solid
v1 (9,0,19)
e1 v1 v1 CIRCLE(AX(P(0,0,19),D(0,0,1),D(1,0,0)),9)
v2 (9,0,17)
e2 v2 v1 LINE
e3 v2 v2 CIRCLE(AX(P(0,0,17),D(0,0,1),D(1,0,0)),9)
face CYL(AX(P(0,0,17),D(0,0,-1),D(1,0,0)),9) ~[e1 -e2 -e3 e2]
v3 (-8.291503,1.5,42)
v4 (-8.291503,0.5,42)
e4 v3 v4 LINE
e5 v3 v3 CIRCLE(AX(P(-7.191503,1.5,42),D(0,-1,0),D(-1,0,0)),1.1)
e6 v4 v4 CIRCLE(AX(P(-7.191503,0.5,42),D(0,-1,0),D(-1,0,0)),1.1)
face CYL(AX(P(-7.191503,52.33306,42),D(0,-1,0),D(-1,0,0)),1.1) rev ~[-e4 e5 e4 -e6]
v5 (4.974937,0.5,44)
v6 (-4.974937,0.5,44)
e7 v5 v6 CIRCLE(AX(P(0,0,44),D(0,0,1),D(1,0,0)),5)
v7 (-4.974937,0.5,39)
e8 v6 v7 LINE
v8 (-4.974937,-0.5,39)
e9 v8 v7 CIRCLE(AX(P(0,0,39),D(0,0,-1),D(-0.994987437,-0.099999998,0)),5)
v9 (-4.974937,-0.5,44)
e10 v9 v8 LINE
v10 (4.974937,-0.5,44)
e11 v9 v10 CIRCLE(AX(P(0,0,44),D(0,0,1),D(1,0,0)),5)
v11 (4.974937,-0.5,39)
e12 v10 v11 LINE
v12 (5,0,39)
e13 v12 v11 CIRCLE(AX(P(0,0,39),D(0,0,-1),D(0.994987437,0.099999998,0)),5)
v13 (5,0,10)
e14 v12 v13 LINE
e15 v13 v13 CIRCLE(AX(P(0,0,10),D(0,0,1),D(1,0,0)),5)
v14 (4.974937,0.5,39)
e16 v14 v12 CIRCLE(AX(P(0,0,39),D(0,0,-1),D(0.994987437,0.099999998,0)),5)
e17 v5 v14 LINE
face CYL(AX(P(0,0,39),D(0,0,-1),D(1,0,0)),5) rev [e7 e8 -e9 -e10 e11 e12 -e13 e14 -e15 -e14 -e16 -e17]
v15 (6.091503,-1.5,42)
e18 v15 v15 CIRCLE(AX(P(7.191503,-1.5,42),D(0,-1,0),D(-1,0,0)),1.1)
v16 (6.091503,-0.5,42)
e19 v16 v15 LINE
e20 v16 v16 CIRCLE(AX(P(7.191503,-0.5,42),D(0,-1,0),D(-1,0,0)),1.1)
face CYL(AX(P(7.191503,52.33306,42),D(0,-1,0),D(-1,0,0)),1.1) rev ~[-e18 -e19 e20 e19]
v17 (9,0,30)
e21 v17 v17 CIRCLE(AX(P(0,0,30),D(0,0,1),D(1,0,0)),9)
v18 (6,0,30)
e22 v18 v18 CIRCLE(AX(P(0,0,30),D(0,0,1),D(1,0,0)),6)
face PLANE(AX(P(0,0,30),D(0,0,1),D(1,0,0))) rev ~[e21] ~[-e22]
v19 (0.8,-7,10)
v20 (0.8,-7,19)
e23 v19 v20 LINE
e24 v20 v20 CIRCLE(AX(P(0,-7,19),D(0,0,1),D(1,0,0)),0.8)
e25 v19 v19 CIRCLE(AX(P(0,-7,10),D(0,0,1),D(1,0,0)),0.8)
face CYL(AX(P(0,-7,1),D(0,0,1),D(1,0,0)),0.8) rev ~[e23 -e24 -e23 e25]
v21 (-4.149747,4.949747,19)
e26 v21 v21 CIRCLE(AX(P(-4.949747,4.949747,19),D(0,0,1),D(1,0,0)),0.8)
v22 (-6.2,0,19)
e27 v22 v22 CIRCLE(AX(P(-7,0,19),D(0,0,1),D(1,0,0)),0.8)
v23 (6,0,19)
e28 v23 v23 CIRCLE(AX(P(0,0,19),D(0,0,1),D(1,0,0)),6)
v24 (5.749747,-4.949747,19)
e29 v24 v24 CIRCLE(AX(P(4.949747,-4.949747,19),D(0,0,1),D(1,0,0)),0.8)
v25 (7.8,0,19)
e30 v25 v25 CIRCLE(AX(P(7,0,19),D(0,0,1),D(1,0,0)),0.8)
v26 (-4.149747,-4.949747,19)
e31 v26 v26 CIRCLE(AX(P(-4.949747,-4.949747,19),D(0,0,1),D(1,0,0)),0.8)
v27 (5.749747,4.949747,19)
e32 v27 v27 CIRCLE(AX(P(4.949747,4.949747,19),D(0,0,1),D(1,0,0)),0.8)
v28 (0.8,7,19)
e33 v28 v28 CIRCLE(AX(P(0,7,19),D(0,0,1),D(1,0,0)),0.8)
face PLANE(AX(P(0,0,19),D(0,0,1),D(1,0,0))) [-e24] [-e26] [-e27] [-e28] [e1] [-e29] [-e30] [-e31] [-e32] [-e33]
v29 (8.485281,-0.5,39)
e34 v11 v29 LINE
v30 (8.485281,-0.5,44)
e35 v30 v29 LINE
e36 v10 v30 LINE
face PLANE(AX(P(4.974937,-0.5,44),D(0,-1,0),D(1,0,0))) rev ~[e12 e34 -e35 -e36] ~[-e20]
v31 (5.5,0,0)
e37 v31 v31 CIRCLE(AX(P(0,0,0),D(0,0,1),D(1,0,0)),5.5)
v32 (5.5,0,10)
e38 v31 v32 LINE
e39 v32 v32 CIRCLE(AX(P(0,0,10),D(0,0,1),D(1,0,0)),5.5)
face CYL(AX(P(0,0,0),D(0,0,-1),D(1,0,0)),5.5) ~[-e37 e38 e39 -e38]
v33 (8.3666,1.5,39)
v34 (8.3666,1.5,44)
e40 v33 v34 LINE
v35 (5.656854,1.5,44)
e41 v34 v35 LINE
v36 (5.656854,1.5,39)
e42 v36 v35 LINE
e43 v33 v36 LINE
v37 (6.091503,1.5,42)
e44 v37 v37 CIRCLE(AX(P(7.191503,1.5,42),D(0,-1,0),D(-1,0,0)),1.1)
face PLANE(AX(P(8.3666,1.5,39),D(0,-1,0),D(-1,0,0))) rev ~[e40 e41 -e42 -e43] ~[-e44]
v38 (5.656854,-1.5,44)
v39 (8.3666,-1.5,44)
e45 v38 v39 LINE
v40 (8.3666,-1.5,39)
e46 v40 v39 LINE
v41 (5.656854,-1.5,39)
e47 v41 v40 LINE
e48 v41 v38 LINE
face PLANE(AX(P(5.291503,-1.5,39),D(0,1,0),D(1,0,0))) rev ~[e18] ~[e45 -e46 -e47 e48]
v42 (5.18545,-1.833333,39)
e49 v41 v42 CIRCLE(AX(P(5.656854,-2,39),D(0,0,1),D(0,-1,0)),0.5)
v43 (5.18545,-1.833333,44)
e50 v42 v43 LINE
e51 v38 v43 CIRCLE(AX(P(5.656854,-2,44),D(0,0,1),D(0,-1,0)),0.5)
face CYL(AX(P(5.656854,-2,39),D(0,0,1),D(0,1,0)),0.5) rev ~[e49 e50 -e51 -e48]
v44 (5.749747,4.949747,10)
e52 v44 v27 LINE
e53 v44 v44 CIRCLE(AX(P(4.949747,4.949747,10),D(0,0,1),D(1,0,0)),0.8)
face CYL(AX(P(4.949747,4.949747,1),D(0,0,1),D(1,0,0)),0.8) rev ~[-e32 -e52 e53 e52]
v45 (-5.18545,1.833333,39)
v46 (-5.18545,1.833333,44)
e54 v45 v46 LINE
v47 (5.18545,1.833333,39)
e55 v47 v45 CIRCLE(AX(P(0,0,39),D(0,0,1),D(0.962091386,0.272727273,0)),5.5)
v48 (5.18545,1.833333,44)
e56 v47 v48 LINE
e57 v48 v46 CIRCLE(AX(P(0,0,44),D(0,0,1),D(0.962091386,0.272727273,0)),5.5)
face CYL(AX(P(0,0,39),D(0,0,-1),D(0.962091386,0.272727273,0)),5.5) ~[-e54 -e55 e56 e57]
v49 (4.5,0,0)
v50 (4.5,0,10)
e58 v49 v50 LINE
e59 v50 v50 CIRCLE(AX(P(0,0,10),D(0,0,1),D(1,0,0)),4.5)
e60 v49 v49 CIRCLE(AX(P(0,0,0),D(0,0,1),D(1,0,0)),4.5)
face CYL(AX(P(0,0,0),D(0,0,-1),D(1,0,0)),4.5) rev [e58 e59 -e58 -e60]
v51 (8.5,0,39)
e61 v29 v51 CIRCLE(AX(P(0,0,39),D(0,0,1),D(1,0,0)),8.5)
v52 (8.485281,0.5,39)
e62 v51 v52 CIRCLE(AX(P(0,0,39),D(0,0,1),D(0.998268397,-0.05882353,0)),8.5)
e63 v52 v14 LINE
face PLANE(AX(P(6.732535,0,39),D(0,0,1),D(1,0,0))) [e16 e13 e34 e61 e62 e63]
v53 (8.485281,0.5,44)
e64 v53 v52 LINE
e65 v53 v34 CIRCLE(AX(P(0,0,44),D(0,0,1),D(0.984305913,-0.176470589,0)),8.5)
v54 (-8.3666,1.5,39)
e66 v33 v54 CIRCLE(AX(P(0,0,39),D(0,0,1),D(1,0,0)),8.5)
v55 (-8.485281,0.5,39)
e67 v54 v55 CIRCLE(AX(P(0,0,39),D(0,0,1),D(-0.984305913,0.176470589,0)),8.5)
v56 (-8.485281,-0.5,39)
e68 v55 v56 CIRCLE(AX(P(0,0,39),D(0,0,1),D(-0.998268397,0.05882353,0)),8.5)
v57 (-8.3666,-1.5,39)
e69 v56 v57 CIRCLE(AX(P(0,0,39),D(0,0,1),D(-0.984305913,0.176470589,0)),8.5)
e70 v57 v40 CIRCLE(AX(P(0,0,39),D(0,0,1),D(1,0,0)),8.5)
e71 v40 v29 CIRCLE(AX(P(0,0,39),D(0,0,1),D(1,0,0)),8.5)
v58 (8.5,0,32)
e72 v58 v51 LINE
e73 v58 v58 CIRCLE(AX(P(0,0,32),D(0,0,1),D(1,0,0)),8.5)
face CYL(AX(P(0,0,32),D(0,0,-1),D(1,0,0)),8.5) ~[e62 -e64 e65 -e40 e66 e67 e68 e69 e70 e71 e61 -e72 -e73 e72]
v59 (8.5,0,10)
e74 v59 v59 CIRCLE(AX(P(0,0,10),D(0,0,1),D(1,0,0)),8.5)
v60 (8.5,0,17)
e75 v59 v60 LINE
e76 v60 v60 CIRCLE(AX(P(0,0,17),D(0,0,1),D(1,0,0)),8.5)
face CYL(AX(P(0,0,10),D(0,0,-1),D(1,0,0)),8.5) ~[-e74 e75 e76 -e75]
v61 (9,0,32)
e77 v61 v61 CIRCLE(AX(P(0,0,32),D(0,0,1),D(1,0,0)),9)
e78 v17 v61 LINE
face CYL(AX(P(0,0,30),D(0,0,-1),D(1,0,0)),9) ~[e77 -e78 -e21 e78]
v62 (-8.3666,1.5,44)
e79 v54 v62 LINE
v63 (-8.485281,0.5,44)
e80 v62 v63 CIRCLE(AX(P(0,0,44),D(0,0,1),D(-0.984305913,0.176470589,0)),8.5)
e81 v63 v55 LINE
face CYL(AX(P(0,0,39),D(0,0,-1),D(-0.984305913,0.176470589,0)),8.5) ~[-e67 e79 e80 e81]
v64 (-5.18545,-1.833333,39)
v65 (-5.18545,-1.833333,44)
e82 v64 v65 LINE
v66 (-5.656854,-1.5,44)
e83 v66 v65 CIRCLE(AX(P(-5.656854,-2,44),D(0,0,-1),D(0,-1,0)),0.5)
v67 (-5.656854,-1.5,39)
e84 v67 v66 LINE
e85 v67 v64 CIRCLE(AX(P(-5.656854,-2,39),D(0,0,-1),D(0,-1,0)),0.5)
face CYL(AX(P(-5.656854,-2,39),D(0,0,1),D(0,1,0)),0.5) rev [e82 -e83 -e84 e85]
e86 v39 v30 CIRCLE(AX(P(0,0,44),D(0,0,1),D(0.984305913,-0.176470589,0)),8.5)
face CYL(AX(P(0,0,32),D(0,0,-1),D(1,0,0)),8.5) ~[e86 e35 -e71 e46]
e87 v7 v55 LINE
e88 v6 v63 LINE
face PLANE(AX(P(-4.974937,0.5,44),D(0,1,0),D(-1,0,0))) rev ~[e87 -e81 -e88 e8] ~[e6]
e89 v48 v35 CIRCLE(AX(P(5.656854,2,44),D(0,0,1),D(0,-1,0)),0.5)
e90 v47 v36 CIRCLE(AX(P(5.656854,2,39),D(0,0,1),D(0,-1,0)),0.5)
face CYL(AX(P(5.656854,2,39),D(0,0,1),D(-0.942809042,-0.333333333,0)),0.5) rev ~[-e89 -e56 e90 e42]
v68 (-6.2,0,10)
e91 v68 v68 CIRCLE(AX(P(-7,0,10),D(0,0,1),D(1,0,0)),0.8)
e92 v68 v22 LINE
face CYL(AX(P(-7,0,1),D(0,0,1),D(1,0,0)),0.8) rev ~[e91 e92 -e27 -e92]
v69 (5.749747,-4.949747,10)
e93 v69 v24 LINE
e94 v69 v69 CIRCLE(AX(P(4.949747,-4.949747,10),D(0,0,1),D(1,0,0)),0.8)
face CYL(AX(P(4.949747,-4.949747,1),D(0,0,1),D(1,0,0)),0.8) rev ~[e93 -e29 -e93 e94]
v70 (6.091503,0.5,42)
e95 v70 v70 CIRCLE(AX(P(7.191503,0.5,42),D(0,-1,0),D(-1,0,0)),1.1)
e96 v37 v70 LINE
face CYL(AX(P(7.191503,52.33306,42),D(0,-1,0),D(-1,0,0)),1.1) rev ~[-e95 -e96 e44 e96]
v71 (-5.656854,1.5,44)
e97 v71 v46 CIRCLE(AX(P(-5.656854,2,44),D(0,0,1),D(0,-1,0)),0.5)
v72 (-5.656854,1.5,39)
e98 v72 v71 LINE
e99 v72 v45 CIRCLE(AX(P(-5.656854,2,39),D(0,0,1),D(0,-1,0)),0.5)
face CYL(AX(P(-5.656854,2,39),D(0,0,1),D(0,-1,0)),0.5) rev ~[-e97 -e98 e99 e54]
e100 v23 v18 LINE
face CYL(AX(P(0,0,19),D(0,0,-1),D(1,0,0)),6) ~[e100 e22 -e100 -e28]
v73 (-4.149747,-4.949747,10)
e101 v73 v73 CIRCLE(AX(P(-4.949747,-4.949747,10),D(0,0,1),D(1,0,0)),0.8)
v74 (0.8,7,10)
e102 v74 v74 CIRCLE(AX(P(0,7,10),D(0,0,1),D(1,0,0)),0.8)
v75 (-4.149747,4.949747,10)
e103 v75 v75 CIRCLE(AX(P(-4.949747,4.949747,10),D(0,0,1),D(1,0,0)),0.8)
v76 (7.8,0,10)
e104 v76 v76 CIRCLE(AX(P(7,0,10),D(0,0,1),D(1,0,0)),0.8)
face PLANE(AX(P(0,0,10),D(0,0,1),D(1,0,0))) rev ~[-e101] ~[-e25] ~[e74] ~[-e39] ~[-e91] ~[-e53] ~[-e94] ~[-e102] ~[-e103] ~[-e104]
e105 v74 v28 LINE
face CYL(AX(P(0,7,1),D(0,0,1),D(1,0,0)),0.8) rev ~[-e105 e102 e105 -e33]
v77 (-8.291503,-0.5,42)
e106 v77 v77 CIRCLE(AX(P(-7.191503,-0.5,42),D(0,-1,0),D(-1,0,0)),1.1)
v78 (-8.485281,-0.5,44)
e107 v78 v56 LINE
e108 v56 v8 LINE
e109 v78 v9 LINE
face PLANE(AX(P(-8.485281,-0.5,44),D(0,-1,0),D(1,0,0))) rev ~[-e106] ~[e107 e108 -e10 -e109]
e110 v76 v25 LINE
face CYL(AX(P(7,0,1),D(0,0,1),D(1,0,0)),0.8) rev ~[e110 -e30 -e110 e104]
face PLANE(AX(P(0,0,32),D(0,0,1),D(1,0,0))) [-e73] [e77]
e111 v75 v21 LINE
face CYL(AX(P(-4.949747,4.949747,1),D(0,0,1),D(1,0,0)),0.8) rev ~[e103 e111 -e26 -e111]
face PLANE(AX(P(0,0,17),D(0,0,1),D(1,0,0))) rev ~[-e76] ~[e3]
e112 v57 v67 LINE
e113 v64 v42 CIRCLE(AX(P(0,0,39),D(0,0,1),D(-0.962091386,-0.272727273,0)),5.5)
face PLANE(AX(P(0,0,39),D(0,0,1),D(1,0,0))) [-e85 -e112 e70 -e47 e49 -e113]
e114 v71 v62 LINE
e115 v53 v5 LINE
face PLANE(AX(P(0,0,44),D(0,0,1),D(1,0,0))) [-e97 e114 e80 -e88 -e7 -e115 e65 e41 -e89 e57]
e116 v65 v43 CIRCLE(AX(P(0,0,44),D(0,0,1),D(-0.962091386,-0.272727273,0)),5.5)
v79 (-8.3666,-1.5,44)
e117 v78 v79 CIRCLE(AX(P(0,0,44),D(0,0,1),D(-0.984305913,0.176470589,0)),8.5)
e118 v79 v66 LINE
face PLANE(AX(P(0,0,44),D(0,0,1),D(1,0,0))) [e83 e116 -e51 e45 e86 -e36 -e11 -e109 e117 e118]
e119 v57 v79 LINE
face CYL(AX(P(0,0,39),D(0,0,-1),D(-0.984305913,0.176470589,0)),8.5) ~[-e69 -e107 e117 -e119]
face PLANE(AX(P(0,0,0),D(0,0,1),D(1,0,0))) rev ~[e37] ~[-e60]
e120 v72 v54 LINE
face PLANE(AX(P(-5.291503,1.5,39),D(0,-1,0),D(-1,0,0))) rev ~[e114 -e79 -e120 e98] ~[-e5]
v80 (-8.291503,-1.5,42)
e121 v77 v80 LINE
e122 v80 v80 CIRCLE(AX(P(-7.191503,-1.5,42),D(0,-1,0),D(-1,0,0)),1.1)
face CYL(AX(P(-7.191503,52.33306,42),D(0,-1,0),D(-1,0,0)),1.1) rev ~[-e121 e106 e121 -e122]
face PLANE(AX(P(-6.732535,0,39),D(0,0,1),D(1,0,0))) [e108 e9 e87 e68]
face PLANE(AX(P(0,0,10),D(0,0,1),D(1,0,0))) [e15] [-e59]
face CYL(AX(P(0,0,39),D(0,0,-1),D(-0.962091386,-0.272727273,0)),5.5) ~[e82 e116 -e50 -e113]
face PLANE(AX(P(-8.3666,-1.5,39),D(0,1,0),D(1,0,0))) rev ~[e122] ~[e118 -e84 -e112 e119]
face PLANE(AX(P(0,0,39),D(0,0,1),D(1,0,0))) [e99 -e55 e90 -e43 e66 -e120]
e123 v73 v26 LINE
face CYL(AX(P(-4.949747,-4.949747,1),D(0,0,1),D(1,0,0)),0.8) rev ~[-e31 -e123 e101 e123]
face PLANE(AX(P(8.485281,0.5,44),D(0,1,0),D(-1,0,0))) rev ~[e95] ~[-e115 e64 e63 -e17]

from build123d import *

# Parameters (mm, degrees)
ESQUISSE1_R                                   = 5.5
ESQUISSE1_R_2                                 = 4.5
BOSS_EXTRU_1_DEPTH                            = 10
ESQUISSE3_R                                   = 8.5
ESQUISSE3_R_2                                 = 5
BOSS_EXTRU_3_DEPTH                            = 7
ESQUISSE4_R                                   = 9
ESQUISSE4_R_2                                 = 5
BOSS_EXTRU_4_DEPTH                            = 2
ESQUISSE7_R                                   = 6
ESQUISSE7_R_2                                 = 5
BOSS_EXTRU_7_DEPTH                            = 11
ESQUISSE8_R                                   = 9
ESQUISSE8_R_2                                 = 5
BOSS_EXTRU_8_DEPTH                            = 2
ESQUISSE15_R                                  = 8.5
ESQUISSE15_R_2                                = 5
BOSS_EXTRU_9_DEPTH                            = 7
ESQUISSE16_R                                  = 5
BOSS_EXTRU_10_DEPTH                           = 5
TROU_POUR_TARAUDAGE_POUR_TROU_TARAUD_M2_D     = 1.6
TROU_POUR_TARAUDAGE_POUR_TROU_TARAUD_M2_DEPTH = 9
ENL_V_MAT_EXTRU_1_DEPTH                       = 5
D_GAGEMENT_M21_D                              = 2.2
CONG_1_R                                      = 0.5


with BuildPart() as part:
    # Esquisse1 → Boss.-Extru.1 (new body)
    with BuildSketch(Plane.XY):
        Circle(ESQUISSE1_R)
        Circle(ESQUISSE1_R_2, mode=Mode.SUBTRACT)
    extrude(amount=BOSS_EXTRU_1_DEPTH)

    # Esquisse3 → Boss.-Extru.3 (add)
    with BuildSketch(Plane.XY.offset(10)):
        Circle(ESQUISSE3_R)
        Circle(ESQUISSE3_R_2, mode=Mode.SUBTRACT)
    extrude(amount=BOSS_EXTRU_3_DEPTH)

    # Esquisse4 → Boss.-Extru.4 (add)
    with BuildSketch(Plane.XY.offset(17)):
        Circle(ESQUISSE4_R)
        Circle(ESQUISSE4_R_2, mode=Mode.SUBTRACT)
    extrude(amount=BOSS_EXTRU_4_DEPTH)

    # Esquisse7 → Boss.-Extru.7 (add)
    with BuildSketch(Plane.XY.offset(19)):
        Circle(ESQUISSE7_R)
        Circle(ESQUISSE7_R_2, mode=Mode.SUBTRACT)
    extrude(amount=BOSS_EXTRU_7_DEPTH)

    # Esquisse8 → Boss.-Extru.8 (add)
    with BuildSketch(Plane.XY.offset(30)):
        Circle(ESQUISSE8_R)
        Circle(ESQUISSE8_R_2, mode=Mode.SUBTRACT)
    extrude(amount=BOSS_EXTRU_8_DEPTH)

    # Esquisse15 → Boss.-Extru.9 (add)
    with BuildSketch(Plane.XY.offset(32)):
        Circle(ESQUISSE15_R)
        Circle(ESQUISSE15_R_2, mode=Mode.SUBTRACT)
    extrude(amount=BOSS_EXTRU_9_DEPTH)

    # Esquisse16 → Boss.-Extru.10 (add)
    with BuildSketch(Plane.XY.offset(39)):
        with BuildLine():
            Line((-5.291502622, 1.5), (-8.366600265, 1.5))
            ThreePointArc((-8.366600265, 1.5), (-8.5, 0), (-8.366600265, -1.5))
            Line((-8.366600265, -1.5), (-5.291502622, -1.5))
            ThreePointArc((-5.291502622, -1.5), (0, -5.5), (5.291502622, -1.5))
            Line((5.291502622, -1.5), (8.366600265, -1.5))
            ThreePointArc((8.366600265, -1.5), (8.5, 0), (8.366600265, 1.5))
            Line((8.366600265, 1.5), (5.291502622, 1.5))
            ThreePointArc((5.291502622, 1.5), (0, 5.5), (-5.291502622, 1.5))
        make_face()
        Circle(ESQUISSE16_R, mode=Mode.SUBTRACT)
    extrude(amount=BOSS_EXTRU_10_DEPTH)

    # Trou pour taraudage pour trou taraudé M21
    with Locations(Plane(origin=(0, 0, 10), x_dir=(-1, 0, 0), z_dir=(0, 0, -1))):
        with Locations((-7, 0), (-4.949747468, 4.949747468), (0, 7), (4.949747468, 4.949747468), (7, 0), (4.949747468, -4.949747468), (0, -7), (-4.949747468, -4.949747468), (0, 0)):
            Hole(TROU_POUR_TARAUDAGE_POUR_TROU_TARAUD_M2_D / 2, depth=TROU_POUR_TARAUDAGE_POUR_TROU_TARAUD_M2_DEPTH)

    # Esquisse17 → Enlèv. mat.-Extru.1 (cut)
    with BuildSketch(Plane.XY.offset(44)):
        with BuildLine():
            Line((-4.974937186, 0.5), (-8.485281374, 0.5))
            ThreePointArc((-8.485281374, 0.5), (-8.5, 0), (-8.485281374, -0.5))
            Line((-8.485281374, -0.5), (-4.974937186, -0.5))
            ThreePointArc((-4.974937186, -0.5), (-5, 0), (-4.974937186, 0.5))
        make_face()
        with BuildLine():
            Line((8.485281374, 0.5), (4.974937186, 0.5))
            ThreePointArc((4.974937186, 0.5), (5, 0), (4.974937186, -0.5))
            Line((4.974937186, -0.5), (8.485281374, -0.5))
            ThreePointArc((8.485281374, -0.5), (8.5, 0), (8.485281374, 0.5))
        make_face()
    extrude(amount=-ENL_V_MAT_EXTRU_1_DEPTH, mode=Mode.SUBTRACT)

    # Dégagement M21 (through all)
    with Locations(Plane(origin=(0, 1.5, 0), x_dir=(1, 0, 0), z_dir=(0, 1, 0))):
        with Locations((7.191502622, -42), (-7.191502622, -42)):
            Hole(D_GAGEMENT_M21_D / 2)

    # Congé1
    cong_1_edges = [part.edges().sort_by_distance(p)[0] for p in [
        (5.291502622, 1.5, 41.5),
        (-5.291502622, 1.5, 41.5),
        (-5.291502622, -1.5, 41.5),
        (5.291502622, -1.5, 41.5),
    ]]
    fillet(cong_1_edges, radius=CONG_1_R)


solid = part.part
